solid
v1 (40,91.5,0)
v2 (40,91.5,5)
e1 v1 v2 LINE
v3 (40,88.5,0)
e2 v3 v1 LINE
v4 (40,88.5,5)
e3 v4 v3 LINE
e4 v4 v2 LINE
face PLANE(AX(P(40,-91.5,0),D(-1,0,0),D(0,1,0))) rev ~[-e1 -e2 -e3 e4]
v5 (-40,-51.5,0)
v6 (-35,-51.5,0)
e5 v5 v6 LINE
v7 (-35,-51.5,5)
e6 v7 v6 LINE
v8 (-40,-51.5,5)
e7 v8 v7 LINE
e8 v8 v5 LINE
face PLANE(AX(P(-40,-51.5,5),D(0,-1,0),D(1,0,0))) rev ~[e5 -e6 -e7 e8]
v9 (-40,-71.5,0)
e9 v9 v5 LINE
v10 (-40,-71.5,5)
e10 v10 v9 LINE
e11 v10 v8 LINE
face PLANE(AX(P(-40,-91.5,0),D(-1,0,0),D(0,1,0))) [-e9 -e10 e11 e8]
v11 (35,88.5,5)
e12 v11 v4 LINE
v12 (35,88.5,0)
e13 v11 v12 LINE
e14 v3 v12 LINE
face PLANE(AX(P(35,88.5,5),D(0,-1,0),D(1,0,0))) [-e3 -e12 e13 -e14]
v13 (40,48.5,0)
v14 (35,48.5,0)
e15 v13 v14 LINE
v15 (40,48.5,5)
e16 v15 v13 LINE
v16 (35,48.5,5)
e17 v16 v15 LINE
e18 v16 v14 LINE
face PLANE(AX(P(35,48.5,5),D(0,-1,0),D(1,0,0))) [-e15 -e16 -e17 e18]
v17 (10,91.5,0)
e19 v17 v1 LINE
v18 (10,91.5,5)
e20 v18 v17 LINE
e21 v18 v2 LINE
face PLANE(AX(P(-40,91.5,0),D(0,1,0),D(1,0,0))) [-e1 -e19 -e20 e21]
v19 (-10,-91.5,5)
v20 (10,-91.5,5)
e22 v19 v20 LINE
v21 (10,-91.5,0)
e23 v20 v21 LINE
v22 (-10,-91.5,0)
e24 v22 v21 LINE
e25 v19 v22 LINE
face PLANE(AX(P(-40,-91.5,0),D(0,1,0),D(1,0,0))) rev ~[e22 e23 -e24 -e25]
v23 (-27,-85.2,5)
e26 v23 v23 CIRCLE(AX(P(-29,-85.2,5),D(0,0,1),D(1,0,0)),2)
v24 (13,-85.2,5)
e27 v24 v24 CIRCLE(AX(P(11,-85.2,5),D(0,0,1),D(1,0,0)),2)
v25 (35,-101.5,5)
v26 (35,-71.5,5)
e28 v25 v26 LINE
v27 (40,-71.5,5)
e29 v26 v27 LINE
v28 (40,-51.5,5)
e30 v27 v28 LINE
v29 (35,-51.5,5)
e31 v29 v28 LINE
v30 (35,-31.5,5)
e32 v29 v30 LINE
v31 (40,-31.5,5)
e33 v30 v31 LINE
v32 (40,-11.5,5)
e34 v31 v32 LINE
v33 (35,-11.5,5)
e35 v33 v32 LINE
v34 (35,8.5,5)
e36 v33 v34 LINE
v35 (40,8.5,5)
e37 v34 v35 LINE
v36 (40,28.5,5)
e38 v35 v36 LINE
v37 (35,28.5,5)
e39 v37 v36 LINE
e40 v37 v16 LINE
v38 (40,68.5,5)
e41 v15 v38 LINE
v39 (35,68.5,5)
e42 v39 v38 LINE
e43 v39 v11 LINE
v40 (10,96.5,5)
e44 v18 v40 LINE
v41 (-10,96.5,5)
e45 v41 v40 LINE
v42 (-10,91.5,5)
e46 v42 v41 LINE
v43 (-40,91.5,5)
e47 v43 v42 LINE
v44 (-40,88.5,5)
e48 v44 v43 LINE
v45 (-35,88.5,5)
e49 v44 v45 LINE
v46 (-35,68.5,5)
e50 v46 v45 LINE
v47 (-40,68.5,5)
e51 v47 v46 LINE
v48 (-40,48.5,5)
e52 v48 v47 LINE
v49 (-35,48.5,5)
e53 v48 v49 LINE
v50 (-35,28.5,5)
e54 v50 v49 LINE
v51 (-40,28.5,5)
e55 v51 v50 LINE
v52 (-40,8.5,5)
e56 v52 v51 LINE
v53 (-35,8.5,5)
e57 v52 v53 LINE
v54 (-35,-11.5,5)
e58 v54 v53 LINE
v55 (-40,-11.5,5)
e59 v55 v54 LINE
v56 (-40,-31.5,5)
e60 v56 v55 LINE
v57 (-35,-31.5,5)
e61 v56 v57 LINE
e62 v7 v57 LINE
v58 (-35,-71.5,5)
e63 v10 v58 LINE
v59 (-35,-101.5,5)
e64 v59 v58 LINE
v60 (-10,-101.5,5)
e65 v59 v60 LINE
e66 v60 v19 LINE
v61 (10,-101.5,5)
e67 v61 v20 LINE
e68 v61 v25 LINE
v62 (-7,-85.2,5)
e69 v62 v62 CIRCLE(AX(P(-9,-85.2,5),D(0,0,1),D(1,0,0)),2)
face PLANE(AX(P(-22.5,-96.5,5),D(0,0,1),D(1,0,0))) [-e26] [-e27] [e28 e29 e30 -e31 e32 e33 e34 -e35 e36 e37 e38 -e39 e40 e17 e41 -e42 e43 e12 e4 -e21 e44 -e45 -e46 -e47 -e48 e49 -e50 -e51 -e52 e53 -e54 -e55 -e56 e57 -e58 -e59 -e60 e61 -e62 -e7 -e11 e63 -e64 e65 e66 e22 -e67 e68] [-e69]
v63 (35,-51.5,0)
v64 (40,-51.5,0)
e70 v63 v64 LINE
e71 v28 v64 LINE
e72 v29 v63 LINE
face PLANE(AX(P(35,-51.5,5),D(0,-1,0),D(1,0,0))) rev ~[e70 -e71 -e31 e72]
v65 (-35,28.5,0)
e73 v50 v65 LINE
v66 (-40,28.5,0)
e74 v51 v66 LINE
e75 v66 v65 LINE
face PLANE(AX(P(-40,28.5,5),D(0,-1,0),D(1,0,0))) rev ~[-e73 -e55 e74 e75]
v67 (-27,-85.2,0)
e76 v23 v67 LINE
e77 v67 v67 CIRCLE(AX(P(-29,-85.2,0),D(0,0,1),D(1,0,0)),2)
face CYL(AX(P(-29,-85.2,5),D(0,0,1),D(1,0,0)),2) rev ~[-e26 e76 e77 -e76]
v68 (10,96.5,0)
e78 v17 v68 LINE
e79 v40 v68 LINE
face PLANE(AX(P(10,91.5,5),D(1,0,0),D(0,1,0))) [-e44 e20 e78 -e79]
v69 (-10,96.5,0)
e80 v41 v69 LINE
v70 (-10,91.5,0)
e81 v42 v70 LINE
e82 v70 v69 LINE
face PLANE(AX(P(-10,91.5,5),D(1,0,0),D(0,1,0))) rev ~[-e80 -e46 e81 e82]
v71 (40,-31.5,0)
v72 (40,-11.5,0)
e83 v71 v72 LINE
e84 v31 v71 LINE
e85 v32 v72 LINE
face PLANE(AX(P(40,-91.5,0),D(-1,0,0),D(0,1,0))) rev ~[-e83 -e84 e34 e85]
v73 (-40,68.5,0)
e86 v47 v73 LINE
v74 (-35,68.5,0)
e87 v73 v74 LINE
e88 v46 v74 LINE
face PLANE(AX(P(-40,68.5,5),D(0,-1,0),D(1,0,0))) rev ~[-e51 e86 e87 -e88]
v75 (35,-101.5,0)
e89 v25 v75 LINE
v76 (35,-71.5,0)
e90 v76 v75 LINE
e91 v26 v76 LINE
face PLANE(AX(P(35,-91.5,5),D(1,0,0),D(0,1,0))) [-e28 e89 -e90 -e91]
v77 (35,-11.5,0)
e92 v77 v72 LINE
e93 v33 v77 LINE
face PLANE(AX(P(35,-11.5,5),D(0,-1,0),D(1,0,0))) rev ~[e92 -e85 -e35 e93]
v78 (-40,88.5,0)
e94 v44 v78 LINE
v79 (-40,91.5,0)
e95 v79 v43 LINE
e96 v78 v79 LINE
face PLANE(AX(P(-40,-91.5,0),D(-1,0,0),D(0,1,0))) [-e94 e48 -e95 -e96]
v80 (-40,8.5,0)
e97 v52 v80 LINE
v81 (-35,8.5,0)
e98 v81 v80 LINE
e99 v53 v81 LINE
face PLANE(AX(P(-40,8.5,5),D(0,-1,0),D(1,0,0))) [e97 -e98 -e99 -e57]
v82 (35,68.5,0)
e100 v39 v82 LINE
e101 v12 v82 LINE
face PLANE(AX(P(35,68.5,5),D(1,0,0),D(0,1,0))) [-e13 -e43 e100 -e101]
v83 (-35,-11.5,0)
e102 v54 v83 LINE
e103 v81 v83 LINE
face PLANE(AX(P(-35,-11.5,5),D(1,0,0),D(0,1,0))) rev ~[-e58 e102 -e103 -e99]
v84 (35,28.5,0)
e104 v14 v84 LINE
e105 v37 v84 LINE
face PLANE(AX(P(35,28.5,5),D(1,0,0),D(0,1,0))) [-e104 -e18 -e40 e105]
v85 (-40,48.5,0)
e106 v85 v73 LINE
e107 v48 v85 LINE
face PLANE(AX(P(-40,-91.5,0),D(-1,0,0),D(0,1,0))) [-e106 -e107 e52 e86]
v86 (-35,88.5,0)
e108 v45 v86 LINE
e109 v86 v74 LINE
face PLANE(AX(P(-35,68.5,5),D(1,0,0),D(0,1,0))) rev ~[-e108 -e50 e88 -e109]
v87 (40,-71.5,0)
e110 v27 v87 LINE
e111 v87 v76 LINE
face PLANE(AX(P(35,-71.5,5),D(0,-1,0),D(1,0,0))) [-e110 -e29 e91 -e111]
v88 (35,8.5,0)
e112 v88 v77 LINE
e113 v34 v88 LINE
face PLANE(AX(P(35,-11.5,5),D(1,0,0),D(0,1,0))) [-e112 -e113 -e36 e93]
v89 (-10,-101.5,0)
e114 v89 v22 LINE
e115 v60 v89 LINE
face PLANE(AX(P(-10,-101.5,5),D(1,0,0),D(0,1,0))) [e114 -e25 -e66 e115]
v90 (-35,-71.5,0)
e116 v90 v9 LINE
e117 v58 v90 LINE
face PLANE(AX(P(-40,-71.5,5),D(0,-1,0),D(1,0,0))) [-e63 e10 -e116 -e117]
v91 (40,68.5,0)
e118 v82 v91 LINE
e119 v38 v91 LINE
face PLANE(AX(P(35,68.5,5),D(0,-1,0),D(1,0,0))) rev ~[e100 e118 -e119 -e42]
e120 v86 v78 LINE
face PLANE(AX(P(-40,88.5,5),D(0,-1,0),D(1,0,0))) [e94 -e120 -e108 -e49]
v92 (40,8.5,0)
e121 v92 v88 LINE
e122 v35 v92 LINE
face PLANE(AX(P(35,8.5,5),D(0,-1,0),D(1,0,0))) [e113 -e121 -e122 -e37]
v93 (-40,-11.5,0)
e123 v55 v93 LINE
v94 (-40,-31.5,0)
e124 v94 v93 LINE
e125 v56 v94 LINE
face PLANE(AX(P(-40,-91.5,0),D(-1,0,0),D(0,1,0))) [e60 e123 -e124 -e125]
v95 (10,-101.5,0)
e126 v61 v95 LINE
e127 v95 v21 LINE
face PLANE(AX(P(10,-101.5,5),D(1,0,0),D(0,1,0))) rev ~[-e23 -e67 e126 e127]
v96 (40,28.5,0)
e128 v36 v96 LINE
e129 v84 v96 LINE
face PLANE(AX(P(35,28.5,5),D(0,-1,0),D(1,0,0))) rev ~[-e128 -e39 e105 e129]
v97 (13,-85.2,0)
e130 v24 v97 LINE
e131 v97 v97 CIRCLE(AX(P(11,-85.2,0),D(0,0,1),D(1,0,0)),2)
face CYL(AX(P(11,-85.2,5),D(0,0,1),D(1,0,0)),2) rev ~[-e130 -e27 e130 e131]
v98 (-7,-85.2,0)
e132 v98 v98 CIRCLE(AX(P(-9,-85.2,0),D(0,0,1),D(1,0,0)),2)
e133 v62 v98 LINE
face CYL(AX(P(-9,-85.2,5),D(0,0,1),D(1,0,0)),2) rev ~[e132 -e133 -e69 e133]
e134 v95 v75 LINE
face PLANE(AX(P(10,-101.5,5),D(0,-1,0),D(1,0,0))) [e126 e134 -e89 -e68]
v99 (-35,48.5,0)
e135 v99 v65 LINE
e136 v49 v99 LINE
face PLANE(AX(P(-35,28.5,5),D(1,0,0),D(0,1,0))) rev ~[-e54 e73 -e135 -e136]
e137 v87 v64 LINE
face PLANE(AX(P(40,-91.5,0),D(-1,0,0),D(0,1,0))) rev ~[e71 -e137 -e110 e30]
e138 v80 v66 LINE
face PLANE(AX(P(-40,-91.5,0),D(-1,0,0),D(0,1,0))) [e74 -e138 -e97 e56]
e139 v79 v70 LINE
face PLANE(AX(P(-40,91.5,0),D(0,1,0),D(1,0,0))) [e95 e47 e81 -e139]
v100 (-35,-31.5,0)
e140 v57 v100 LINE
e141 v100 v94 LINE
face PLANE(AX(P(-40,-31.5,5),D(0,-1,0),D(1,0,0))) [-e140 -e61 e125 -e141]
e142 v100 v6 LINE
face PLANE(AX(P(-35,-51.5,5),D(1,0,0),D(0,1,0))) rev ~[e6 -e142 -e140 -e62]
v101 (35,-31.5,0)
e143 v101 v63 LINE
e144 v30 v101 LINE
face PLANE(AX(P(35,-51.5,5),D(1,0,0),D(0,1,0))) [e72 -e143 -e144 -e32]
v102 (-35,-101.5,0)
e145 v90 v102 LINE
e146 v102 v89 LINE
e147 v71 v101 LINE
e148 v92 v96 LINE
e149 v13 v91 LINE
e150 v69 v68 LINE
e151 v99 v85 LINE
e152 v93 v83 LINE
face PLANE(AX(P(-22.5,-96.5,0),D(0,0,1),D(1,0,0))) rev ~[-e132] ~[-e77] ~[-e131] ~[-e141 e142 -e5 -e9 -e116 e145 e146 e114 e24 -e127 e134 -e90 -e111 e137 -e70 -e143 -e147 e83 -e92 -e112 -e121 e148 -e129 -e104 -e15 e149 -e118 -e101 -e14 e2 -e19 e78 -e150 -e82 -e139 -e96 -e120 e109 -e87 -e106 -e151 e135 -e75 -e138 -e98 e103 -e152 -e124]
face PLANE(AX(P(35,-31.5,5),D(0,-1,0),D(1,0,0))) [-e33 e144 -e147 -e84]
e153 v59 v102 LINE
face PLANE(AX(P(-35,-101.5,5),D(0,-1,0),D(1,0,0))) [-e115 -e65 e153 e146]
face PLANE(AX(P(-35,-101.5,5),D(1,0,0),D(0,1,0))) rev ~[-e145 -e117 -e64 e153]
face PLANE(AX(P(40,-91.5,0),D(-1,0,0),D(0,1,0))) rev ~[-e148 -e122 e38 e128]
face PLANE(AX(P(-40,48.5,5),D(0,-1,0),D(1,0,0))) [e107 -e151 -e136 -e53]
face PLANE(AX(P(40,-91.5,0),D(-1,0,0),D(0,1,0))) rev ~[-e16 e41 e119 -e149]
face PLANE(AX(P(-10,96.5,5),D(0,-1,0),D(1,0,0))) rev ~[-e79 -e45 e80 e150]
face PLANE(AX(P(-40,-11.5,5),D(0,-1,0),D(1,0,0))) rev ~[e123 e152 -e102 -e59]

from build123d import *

# Parameters (mm, degrees)
SKETCH_1_W                      = 80
SKETCH_1_H                      = 183
EXTRUDE_1_DEPTH                 = 5
CUT_EXTRUDE_1_REACH             = 101.986
SKETCH_2_W                      = 5
SKETCH_2_H                      = 20
CUT_EXTRUDE_1_DIRECTION_2_DEPTH = 100.986249055
PATTERN_LINEAR_1_COUNT          = 5
PATTERN_LINEAR_1_PITCH          = 40
CUT_EXTRUDE_3_REACH             = 101.986
SKETCH_4_W                      = 5
SKETCH_4_H                      = 20
PATTERN_LINEAR_4_COUNT          = 5
PATTERN_LINEAR_4_PITCH          = 40
SKETCH_5_W                      = 20
SKETCH_5_H                      = 5
EXTRUDE_2_DEPTH                 = 5
SKETCH_6_W                      = 25
SKETCH_6_H                      = 10
EXTRUDE_3_DEPTH                 = 5
CUT_EXTRUDE_4_REACH             = 111.212
SKETCH_7_R                      = 2
PATTERN_LINEAR_5_COUNT          = 2
PATTERN_LINEAR_5_PITCH          = 40
PATTERN_LINEAR_6_COUNT          = 2
PATTERN_LINEAR_6_PITCH          = 20


with BuildPart() as part:
    # 스케치1 → 보스-돌출1 (new body)
    with BuildSketch(Plane.XY):
        Rectangle(SKETCH_1_W, SKETCH_1_H)
    extrude(amount=EXTRUDE_1_DEPTH)

    # 스케치2 → 컷-돌출1 (cut, up to next)
    with BuildSketch(Plane.XY.offset(5), mode=Mode.PRIVATE) as cut_extrude_1_sk1:
        with Locations((-37.5, -81.5)):
            Rectangle(SKETCH_2_W, SKETCH_2_H)
    cut_extrude_1_tool1 = extrude(cut_extrude_1_sk1.sketch, amount=-CUT_EXTRUDE_1_REACH, mode=Mode.PRIVATE) & part.part
    cut_extrude_1 = cut_extrude_1_tool1.solids().sort_by_distance((-37.5, -81.5, 5))[0]
    add(cut_extrude_1, mode=Mode.SUBTRACT)

    # 스케치2 → 컷-돌출1 direction 2 (cut)
    with BuildSketch(Plane.XY.offset(5)):
        with Locations((-37.5, -81.5)):
            Rectangle(SKETCH_2_W, SKETCH_2_H)
    cut_extrude_1_direction_2 = extrude(amount=CUT_EXTRUDE_1_DIRECTION_2_DEPTH, mode=Mode.SUBTRACT)

    # 선형 패턴1: 컷-돌출1, 컷-돌출1 direction 2 ×5
    with Locations(*[(0, i * PATTERN_LINEAR_1_PITCH, 0) for i in range(1, PATTERN_LINEAR_1_COUNT)]):
        add(cut_extrude_1, mode=Mode.SUBTRACT)
        add(cut_extrude_1_direction_2, mode=Mode.SUBTRACT)

    # 스케치4 → 컷-돌출3 (cut, up to next)
    with BuildSketch(Plane.XY.offset(5), mode=Mode.PRIVATE) as cut_extrude_3_sk1:
        with Locations((37.5, -81.5)):
            Rectangle(SKETCH_4_W, SKETCH_4_H)
    cut_extrude_3_tool1 = extrude(cut_extrude_3_sk1.sketch, amount=-CUT_EXTRUDE_3_REACH, mode=Mode.PRIVATE) & part.part
    cut_extrude_3 = cut_extrude_3_tool1.solids().sort_by_distance((37.5, -81.5, 5))[0]
    add(cut_extrude_3, mode=Mode.SUBTRACT)

    # 선형 패턴4: 컷-돌출3 ×5
    with Locations(*[(0, i * PATTERN_LINEAR_4_PITCH, 0) for i in range(1, PATTERN_LINEAR_4_COUNT)]):
        add(cut_extrude_3, mode=Mode.SUBTRACT)

    # 스케치5 → 보스-돌출2 (add)
    with BuildSketch(Plane.XY.offset(5)):
        with Locations((0, 94)):
            Rectangle(SKETCH_5_W, SKETCH_5_H)
    extrude(amount=-EXTRUDE_2_DEPTH)

    # 스케치6 → 보스-돌출3 (add)
    with BuildSketch(Plane.XY.offset(5)):
        with Locations((-22.5, -96.5)):
            Rectangle(SKETCH_6_W, SKETCH_6_H)
        with Locations((22.5, -96.5)):
            Rectangle(SKETCH_6_W, SKETCH_6_H)
    extrude(amount=-EXTRUDE_3_DEPTH)

    # 스케치7 → 컷-돌출4 (cut, up to next)
    with BuildSketch(Plane.XY.offset(5), mode=Mode.PRIVATE) as cut_extrude_4_sk1:
        with Locations((-29, -85.2)):
            Circle(SKETCH_7_R)
    cut_extrude_4_tool1 = extrude(cut_extrude_4_sk1.sketch, amount=-CUT_EXTRUDE_4_REACH, mode=Mode.PRIVATE) & part.part
    cut_extrude_4 = cut_extrude_4_tool1.solids().sort_by_distance((-29, -85.2, 5))[0]
    add(cut_extrude_4, mode=Mode.SUBTRACT)

    # 선형 패턴5: 컷-돌출4 ×2
    with Locations(*[(i * PATTERN_LINEAR_5_PITCH, 0, 0) for i in range(1, PATTERN_LINEAR_5_COUNT)]):
        add(cut_extrude_4, mode=Mode.SUBTRACT)

    # 선형 패턴6: 컷-돌출4 ×2
    with Locations(*[(i * PATTERN_LINEAR_6_PITCH, 0, 0) for i in range(1, PATTERN_LINEAR_6_COUNT)]):
        add(cut_extrude_4, mode=Mode.SUBTRACT)


solid = part.part
